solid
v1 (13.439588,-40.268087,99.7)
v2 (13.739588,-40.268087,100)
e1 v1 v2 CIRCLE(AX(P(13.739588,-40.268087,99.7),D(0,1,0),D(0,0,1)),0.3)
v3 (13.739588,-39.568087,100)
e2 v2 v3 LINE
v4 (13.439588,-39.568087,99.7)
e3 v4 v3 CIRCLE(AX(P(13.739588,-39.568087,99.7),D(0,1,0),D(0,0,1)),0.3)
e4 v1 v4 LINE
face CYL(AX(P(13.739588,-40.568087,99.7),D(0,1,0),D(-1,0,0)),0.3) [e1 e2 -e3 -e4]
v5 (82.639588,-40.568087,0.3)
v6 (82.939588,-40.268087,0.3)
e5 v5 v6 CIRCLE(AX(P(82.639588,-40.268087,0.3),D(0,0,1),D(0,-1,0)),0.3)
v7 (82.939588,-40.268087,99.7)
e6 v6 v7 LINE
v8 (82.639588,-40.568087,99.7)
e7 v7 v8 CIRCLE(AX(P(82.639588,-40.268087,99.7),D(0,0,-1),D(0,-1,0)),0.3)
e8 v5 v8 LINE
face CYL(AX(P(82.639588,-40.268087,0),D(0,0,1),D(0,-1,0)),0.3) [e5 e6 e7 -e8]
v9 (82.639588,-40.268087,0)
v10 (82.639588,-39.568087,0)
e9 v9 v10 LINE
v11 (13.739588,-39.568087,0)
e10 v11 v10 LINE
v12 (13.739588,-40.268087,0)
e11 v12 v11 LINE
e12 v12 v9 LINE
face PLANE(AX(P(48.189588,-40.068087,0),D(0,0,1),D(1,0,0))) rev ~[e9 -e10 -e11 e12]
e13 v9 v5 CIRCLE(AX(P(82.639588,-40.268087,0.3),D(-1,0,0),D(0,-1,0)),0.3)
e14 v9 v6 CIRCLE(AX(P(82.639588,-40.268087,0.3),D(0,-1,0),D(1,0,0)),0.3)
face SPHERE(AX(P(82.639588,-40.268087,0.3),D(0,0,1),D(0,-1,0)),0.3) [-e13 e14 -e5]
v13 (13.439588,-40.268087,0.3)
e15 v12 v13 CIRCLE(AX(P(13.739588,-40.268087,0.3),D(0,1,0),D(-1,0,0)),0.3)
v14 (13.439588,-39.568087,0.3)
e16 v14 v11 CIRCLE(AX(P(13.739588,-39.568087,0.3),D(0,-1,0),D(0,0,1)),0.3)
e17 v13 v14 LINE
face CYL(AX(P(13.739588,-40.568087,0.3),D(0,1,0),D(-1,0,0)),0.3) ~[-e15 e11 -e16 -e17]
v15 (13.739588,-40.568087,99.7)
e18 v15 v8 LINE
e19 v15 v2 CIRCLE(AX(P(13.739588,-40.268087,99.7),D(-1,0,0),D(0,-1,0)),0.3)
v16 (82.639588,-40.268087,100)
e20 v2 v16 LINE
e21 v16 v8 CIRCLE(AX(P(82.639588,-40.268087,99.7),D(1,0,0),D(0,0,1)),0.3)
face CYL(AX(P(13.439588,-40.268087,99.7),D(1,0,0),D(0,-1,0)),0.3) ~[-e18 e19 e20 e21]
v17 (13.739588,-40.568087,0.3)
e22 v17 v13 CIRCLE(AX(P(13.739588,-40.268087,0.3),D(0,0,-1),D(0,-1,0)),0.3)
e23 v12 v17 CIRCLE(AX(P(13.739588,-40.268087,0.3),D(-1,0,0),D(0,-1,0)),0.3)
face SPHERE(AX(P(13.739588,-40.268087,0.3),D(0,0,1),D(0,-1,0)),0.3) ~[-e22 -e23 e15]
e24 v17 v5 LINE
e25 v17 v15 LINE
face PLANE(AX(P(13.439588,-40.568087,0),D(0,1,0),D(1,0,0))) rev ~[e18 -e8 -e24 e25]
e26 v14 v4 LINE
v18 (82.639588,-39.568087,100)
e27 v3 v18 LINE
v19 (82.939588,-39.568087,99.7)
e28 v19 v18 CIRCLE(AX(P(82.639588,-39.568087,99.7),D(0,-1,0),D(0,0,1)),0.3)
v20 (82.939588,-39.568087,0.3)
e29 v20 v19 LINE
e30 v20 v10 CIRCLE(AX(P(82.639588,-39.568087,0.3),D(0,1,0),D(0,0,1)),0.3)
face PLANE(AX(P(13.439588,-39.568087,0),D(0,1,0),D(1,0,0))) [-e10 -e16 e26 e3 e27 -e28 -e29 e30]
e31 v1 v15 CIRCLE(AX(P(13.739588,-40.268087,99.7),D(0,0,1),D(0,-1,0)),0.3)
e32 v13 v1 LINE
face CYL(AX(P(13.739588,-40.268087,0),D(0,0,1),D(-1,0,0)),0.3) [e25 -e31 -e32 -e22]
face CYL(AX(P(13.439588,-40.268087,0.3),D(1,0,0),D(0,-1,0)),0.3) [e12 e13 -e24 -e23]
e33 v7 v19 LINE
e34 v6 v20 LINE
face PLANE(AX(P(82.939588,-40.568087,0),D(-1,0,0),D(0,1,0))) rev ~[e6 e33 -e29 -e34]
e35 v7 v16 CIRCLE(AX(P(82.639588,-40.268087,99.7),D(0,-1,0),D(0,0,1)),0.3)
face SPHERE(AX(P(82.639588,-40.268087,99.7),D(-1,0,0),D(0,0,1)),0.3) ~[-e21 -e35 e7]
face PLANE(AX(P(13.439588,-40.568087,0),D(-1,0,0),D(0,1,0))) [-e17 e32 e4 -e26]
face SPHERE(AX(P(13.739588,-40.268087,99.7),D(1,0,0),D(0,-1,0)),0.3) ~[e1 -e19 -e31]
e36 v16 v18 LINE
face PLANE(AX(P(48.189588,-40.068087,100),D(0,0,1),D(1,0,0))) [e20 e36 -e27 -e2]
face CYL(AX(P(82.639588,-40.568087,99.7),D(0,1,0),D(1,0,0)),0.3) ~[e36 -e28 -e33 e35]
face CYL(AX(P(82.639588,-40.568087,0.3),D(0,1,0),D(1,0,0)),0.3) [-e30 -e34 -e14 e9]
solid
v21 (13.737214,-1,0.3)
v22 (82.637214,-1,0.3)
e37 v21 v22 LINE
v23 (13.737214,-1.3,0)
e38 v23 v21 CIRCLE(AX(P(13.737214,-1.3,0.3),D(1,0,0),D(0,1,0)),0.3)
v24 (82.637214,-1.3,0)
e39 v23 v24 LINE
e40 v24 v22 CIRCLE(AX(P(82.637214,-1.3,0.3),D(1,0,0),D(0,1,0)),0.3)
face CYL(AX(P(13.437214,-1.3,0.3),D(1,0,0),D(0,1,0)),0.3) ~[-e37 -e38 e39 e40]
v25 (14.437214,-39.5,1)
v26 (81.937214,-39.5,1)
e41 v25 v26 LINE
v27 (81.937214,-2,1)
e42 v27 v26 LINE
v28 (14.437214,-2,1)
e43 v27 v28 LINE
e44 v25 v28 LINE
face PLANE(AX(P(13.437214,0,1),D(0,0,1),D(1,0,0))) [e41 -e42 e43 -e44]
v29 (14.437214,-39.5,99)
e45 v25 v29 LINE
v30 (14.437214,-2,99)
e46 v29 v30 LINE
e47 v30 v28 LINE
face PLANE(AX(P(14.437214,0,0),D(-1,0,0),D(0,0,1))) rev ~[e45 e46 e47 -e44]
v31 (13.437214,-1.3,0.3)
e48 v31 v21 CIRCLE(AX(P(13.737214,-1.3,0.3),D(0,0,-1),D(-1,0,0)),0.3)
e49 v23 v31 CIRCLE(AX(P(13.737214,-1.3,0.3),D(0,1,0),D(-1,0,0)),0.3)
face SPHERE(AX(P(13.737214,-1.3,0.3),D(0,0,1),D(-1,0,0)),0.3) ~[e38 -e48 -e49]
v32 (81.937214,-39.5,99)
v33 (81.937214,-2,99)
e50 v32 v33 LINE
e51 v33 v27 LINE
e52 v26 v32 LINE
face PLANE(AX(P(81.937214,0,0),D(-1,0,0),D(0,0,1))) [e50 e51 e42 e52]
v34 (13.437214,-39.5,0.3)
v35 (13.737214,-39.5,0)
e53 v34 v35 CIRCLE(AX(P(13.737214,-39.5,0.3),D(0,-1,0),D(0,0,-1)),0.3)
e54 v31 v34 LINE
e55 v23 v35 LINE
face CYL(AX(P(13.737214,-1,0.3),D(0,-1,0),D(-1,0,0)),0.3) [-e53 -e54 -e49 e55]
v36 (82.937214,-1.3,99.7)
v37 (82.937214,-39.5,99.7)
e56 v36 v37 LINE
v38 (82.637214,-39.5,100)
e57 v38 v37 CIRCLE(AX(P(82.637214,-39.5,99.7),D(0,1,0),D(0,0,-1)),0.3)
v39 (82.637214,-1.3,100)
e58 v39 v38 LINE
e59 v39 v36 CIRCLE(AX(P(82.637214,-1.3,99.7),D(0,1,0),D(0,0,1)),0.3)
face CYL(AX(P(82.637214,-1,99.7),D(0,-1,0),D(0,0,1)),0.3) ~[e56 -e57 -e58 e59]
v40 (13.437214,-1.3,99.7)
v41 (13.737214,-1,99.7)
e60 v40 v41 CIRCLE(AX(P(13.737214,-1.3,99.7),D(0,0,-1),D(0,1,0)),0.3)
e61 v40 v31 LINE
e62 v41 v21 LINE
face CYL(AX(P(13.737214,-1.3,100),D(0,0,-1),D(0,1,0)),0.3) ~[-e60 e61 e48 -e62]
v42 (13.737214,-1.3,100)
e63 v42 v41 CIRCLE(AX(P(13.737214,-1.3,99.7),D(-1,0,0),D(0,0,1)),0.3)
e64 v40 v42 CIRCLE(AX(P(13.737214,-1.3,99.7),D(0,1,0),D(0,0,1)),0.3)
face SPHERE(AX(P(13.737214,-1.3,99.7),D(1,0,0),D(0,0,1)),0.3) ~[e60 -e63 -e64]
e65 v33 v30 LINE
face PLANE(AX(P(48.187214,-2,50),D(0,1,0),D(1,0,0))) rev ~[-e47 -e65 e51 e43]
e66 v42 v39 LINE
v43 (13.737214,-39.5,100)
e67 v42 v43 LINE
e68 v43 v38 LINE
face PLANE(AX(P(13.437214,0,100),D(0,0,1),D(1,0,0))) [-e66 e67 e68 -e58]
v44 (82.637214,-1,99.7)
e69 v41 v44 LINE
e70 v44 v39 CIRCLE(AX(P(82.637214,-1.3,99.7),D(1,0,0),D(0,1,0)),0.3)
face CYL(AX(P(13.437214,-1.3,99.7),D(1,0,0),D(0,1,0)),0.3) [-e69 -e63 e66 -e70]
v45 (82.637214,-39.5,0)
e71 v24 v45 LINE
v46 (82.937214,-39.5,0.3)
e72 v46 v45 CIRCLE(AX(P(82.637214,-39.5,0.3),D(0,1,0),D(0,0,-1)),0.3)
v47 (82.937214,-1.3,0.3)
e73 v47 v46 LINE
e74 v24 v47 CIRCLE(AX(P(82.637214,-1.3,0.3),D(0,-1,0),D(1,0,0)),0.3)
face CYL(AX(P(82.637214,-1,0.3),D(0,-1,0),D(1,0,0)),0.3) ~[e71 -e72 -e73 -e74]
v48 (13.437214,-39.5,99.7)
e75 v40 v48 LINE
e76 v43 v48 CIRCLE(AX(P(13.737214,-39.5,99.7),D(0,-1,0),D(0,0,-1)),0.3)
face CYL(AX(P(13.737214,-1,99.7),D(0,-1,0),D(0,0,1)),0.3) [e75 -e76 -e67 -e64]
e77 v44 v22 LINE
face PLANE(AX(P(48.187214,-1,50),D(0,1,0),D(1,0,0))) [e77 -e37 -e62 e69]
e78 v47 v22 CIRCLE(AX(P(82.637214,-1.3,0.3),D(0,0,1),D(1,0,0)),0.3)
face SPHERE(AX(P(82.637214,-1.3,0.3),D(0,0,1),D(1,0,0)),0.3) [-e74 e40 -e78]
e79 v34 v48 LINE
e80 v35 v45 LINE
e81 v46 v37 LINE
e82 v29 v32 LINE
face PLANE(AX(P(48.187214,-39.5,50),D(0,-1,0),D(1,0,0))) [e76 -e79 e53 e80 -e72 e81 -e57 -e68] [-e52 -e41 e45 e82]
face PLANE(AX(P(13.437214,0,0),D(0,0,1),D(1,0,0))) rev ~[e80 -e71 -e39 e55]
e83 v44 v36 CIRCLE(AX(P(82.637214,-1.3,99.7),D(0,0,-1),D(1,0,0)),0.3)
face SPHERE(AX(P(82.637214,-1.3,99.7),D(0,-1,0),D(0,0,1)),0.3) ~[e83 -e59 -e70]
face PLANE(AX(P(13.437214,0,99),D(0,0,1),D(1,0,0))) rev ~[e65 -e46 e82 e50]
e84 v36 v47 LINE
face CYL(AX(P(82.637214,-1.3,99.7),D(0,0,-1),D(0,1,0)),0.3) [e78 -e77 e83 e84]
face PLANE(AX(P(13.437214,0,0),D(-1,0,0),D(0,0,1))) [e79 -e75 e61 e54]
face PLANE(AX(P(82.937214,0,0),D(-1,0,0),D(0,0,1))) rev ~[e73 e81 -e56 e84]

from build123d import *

# Parameters (mm, degrees)
F0_W      = 69.5
F0_H      = 100
F1_DEPTH  = 39.5
F1_FACE_W = 69.5
F1_FACE_H = 100
F2_DEPTH  = 1
F3_T      = -1
F4_W      = 69.5
F4_H      = 1
F5_DEPTH  = 100
F6_R      = 0.3
F7_R      = 0.3
F7_2_R    = 0.3


with BuildPart() as f1:
    # F0 (on Front) → F1 (new body)
    with BuildSketch(Plane.XZ):
        with Locations((48.187214, 50)):
            Rectangle(F0_W, F0_H)
    extrude(amount=F1_DEPTH)

    # F1_face (on face) → F2 (cut)
    with BuildSketch(Plane(origin=(48.187214, 0, 50), x_dir=(1, 0, 0), z_dir=(0, 1, 0))):
        Rectangle(F1_FACE_W, F1_FACE_H)
    extrude(amount=-F2_DEPTH, mode=Mode.SUBTRACT)

    # F3
    f3_openings = [f1.faces().sort_by_distance(p)[0] for p in [
        (48.187214, -39.5, 50),
    ]]
    offset(amount=F3_T, openings=f3_openings)

    # F6
    f6_edges = [f1.edges().sort_by_distance(p)[0] for p in [
        (82.937214, -20.25, 100),
    ]]
    fillet(f6_edges, radius=F6_R)

    # F7
    f7_edges = [f1.edges().sort_by_distance(p)[0] for p in [
        (48.037214, -1, 100),
        (13.437214, -20.25, 100),
        (13.437214, -1, 50),
        (82.937214, -20.25, 0),
        (13.437214, -20.25, 0),
        (48.187214, -1, 0),
        (82.937214, -1, 49.85),
    ]]
    fillet(f7_edges, radius=F7_R)


with BuildPart() as f5:
    # F4 (on Top) → F5 (new body)
    with BuildSketch(Plane.XY):
        with Locations((48.189588, -40.068087)):
            Rectangle(F4_W, F4_H)
    extrude(amount=F5_DEPTH)

    # F7#2
    f7_2_edges = [f5.edges().sort_by_distance(p)[0] for p in [
        (48.189588, -40.568087, 100),
        (13.439588, -40.568087, 50),
        (13.439588, -40.068087, 100),
        (82.939588, -40.068087, 100),
        (82.939588, -40.568087, 50),
        (48.189588, -40.568087, 0),
        (82.939588, -40.068087, 0),
        (13.439588, -40.068087, 0),
    ]]
    fillet(f7_2_edges, radius=F7_2_R)


solid = Compound([f1.part, f5.part])
